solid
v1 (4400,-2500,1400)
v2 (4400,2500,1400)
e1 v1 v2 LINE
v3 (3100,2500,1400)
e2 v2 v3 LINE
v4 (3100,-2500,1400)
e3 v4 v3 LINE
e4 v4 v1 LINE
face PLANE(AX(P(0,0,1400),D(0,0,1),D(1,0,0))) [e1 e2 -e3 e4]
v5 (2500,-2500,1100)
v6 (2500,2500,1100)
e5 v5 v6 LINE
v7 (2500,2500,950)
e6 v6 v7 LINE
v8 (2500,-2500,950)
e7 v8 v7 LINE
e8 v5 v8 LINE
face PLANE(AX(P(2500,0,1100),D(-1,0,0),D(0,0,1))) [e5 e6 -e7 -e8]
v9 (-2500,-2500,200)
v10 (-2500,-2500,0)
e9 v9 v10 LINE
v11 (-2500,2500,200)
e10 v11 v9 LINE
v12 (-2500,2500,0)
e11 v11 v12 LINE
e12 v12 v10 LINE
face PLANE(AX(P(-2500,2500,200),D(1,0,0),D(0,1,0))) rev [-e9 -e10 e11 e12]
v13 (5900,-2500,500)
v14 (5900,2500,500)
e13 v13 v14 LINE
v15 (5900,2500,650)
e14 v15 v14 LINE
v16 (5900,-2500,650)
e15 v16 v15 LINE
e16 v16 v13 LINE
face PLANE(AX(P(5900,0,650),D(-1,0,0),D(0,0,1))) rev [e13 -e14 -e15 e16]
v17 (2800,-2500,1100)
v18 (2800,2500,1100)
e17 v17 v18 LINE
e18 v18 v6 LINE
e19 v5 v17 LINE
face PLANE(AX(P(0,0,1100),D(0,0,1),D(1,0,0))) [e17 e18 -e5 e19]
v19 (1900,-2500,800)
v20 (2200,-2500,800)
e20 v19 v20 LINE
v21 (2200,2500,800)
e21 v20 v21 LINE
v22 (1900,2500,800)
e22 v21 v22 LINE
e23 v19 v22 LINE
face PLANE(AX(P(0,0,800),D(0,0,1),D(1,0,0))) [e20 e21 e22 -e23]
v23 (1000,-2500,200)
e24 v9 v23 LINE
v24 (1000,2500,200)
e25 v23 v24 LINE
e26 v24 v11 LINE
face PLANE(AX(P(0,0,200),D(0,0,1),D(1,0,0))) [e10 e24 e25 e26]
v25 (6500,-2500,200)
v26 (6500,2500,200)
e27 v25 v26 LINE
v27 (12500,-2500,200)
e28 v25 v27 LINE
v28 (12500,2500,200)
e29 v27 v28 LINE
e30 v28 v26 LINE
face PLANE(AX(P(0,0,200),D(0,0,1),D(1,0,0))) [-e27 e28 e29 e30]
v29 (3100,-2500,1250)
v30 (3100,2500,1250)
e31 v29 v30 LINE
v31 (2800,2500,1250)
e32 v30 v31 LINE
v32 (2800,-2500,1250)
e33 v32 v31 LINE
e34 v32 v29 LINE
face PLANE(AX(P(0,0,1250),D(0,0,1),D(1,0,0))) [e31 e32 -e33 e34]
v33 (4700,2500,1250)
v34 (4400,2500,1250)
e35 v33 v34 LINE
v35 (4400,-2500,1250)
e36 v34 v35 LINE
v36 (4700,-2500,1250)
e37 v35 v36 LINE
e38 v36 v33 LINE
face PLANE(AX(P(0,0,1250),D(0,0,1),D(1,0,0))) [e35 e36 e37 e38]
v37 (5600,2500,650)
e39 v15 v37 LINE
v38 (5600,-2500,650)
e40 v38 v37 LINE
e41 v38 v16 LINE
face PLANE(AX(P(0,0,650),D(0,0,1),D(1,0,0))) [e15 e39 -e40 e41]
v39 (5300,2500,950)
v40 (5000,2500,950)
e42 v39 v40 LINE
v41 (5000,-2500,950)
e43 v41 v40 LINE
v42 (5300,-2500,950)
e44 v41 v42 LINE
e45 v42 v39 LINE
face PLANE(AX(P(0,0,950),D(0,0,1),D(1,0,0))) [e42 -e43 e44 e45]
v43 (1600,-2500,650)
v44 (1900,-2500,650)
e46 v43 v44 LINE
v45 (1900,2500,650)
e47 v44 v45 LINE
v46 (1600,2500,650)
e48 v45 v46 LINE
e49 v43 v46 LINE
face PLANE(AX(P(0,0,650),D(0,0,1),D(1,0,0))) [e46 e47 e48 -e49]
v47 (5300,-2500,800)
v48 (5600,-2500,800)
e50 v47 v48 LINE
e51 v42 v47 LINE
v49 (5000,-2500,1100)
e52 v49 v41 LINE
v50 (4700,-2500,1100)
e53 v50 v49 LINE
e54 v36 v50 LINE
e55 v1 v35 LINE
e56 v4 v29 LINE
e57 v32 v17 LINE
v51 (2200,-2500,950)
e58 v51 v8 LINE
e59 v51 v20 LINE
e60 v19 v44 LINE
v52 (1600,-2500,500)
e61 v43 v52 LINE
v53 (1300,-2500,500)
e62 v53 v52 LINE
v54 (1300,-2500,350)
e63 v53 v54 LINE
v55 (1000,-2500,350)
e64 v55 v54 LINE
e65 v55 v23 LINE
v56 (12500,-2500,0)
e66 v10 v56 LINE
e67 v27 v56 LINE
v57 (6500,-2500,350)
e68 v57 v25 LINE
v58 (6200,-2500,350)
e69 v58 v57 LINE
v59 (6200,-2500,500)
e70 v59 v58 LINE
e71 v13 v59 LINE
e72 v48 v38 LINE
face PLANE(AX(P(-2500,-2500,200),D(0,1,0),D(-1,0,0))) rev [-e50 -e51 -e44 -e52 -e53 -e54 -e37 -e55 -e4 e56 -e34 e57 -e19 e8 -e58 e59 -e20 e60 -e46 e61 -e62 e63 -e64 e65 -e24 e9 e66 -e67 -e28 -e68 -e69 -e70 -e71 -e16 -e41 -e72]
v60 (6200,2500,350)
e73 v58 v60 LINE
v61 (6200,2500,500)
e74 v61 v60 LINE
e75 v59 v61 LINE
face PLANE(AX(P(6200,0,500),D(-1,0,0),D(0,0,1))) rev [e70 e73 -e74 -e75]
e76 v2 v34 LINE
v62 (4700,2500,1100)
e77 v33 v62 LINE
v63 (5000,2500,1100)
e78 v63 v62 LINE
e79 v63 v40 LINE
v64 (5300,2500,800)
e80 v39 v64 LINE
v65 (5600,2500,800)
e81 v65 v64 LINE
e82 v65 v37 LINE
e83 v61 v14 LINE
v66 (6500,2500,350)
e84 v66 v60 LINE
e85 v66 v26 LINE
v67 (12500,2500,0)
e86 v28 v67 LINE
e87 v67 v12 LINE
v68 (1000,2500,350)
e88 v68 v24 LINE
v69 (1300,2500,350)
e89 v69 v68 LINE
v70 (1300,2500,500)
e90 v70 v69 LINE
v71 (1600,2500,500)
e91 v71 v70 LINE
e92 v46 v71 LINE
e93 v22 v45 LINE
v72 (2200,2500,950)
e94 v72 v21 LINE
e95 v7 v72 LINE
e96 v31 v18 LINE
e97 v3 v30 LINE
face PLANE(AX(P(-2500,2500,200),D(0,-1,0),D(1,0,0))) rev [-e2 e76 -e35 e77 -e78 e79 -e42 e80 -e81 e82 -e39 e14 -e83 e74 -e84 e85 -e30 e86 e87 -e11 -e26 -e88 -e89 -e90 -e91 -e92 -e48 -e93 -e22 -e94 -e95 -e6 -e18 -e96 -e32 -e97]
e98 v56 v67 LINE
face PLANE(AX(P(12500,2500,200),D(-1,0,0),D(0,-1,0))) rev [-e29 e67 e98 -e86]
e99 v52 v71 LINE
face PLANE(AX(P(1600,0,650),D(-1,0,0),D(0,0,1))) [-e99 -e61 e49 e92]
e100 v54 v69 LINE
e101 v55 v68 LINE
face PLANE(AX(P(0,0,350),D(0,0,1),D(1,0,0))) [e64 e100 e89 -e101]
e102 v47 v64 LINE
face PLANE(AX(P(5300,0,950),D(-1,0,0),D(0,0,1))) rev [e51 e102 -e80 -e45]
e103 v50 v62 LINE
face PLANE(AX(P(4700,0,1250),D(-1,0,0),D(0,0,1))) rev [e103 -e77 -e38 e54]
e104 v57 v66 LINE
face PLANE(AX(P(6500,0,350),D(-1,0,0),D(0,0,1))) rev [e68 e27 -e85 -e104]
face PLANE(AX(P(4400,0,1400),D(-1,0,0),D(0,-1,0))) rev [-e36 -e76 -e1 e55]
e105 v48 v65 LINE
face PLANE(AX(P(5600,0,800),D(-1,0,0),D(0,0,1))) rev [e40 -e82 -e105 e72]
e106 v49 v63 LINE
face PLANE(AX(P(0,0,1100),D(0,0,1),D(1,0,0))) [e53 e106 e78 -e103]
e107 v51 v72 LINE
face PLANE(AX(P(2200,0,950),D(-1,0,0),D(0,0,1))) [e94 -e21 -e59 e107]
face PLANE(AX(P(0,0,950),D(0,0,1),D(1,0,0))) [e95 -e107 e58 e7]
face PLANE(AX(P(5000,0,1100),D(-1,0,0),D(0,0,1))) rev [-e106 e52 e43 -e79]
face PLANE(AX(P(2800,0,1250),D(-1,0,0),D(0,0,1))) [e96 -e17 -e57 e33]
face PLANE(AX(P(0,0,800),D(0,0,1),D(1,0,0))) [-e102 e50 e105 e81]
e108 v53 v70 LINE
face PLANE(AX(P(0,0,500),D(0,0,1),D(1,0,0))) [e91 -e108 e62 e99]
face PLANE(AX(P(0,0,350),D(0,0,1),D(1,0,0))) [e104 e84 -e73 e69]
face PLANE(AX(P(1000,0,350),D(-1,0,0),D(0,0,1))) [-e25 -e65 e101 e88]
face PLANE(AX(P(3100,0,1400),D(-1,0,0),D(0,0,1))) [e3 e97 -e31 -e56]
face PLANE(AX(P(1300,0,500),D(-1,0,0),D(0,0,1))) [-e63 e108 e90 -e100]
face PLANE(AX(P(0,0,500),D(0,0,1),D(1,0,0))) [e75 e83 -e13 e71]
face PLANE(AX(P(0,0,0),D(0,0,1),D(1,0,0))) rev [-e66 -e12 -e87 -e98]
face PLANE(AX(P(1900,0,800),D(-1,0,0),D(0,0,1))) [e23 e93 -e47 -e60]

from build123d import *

# Parameters (mm, degrees)
SKETCH3_W           = 15000
SKETCH3_H           = 5000
BOSS_EXTRUDE1_DEPTH = 200
SKETCH4_W           = 300
SKETCH4_H           = 5000
STEP1_DEPTH         = 150
SKETCH4_4_W         = 300
SKETCH4_4_H         = 5000
STEP2_DEPTH         = 300
SKETCH4_5_W         = 300
SKETCH4_5_H         = 5000
STEP3_DEPTH         = 450
SKETCH4_6_W         = 300
SKETCH4_6_H         = 5000
STEP4_DEPTH         = 600
SKETCH4_7_W         = 300
SKETCH4_7_H         = 5000
STEP5_DEPTH         = 750
SKETCH4_8_W         = 300
SKETCH4_8_H         = 5000
STEP6_DEPTH         = 900
SKETCH4_9_W         = 300
SKETCH4_9_H         = 5000
STEP7_DEPTH         = 1050
SKETCH4_10_W        = 300
SKETCH4_10_H        = 5000
STEP8_DEPTH         = 1200
SKETCH9_W           = 1000
SKETCH9_H           = 5000
BOSS_EXTRUDE2_DEPTH = 1200
SKETCH10_W          = 300
SKETCH10_H          = 5000
BOSS_EXTRUDE3_DEPTH = 1050
SKETCH10_3_W        = 300
SKETCH10_3_H        = 5000
BOSS_EXTRUDE4_DEPTH = 900
SKETCH10_4_W        = 300
SKETCH10_4_H        = 5000
BOSS_EXTRUDE5_DEPTH = 750
SKETCH10_5_W        = 300
SKETCH10_5_H        = 5000
BOSS_EXTRUDE6_DEPTH = 600
SKETCH10_6_W        = 300
SKETCH10_6_H        = 5000
BOSS_EXTRUDE7_DEPTH = 450
SKETCH10_7_W        = 300
SKETCH10_7_H        = 5000
BOSS_EXTRUDE8_DEPTH = 300
SKETCH10_8_W        = 300
SKETCH10_8_H        = 5000
BOSS_EXTRUDE9_DEPTH = 150


with BuildPart() as part:
    # Sketch3 → Boss-Extrude1 (new body)
    with BuildSketch(Plane.XY):
        with Locations((5000, 0)):
            Rectangle(SKETCH3_W, SKETCH3_H)
    extrude(amount=BOSS_EXTRUDE1_DEPTH)

    # Sketch4 → Step1 (add)
    with BuildSketch(Plane.XY.offset(200)):
        with Locations((1150, 0)):
            Rectangle(SKETCH4_W, SKETCH4_H)
    extrude(amount=STEP1_DEPTH)

    # Sketch4<4> → Step2 (add)
    with BuildSketch(Plane.XY.offset(200)):
        with Locations((1450, 0)):
            Rectangle(SKETCH4_4_W, SKETCH4_4_H)
    extrude(amount=STEP2_DEPTH)

    # Sketch4<5> → Step3 (add)
    with BuildSketch(Plane.XY.offset(200)):
        with Locations((1750, 0)):
            Rectangle(SKETCH4_5_W, SKETCH4_5_H)
    extrude(amount=STEP3_DEPTH)

    # Sketch4<6> → Step4 (add)
    with BuildSketch(Plane.XY.offset(200)):
        with Locations((2050, 0)):
            Rectangle(SKETCH4_6_W, SKETCH4_6_H)
    extrude(amount=STEP4_DEPTH)

    # Sketch4<7> → Step5 (add)
    with BuildSketch(Plane.XY.offset(200)):
        with Locations((2350, 0)):
            Rectangle(SKETCH4_7_W, SKETCH4_7_H)
    extrude(amount=STEP5_DEPTH)

    # Sketch4<8> → Step6 (add)
    with BuildSketch(Plane.XY.offset(200)):
        with Locations((2650, 0)):
            Rectangle(SKETCH4_8_W, SKETCH4_8_H)
    extrude(amount=STEP6_DEPTH)

    # Sketch4<9> → Step7 (add)
    with BuildSketch(Plane.XY.offset(200)):
        with Locations((2950, 0)):
            Rectangle(SKETCH4_9_W, SKETCH4_9_H)
    extrude(amount=STEP7_DEPTH)

    # Sketch4<10> → Step8 (add)
    with BuildSketch(Plane.XY.offset(200)):
        with Locations((3250, 0)):
            Rectangle(SKETCH4_10_W, SKETCH4_10_H)
    extrude(amount=STEP8_DEPTH)

    # Sketch9 → Boss-Extrude2 (add)
    with BuildSketch(Plane.XY.offset(200)):
        with Locations((3900, 0)):
            Rectangle(SKETCH9_W, SKETCH9_H)
    extrude(amount=BOSS_EXTRUDE2_DEPTH)

    # Sketch10 → Boss-Extrude3 (add)
    with BuildSketch(Plane.XY.offset(200)):
        with Locations((4550, 0)):
            Rectangle(SKETCH10_W, SKETCH10_H)
    extrude(amount=BOSS_EXTRUDE3_DEPTH)

    # Sketch10<3> → Boss-Extrude4 (add)
    with BuildSketch(Plane.XY.offset(200)):
        with Locations((4850, 0)):
            Rectangle(SKETCH10_3_W, SKETCH10_3_H)
    extrude(amount=BOSS_EXTRUDE4_DEPTH)

    # Sketch10<4> → Boss-Extrude5 (add)
    with BuildSketch(Plane.XY.offset(200)):
        with Locations((5150, 0)):
            Rectangle(SKETCH10_4_W, SKETCH10_4_H)
    extrude(amount=BOSS_EXTRUDE5_DEPTH)

    # Sketch10<5> → Boss-Extrude6 (add)
    with BuildSketch(Plane.XY.offset(200)):
        with Locations((5450, 0)):
            Rectangle(SKETCH10_5_W, SKETCH10_5_H)
    extrude(amount=BOSS_EXTRUDE6_DEPTH)

    # Sketch10<6> → Boss-Extrude7 (add)
    with BuildSketch(Plane.XY.offset(200)):
        with Locations((5750, 0)):
            Rectangle(SKETCH10_6_W, SKETCH10_6_H)
    extrude(amount=BOSS_EXTRUDE7_DEPTH)

    # Sketch10<7> → Boss-Extrude8 (add)
    with BuildSketch(Plane.XY.offset(200)):
        with Locations((6050, 0)):
            Rectangle(SKETCH10_7_W, SKETCH10_7_H)
    extrude(amount=BOSS_EXTRUDE8_DEPTH)

    # Sketch10<8> → Boss-Extrude9 (add)
    with BuildSketch(Plane.XY.offset(200)):
        with Locations((6350, 0)):
            Rectangle(SKETCH10_8_W, SKETCH10_8_H)
    extrude(amount=BOSS_EXTRUDE9_DEPTH)


solid = part.part
